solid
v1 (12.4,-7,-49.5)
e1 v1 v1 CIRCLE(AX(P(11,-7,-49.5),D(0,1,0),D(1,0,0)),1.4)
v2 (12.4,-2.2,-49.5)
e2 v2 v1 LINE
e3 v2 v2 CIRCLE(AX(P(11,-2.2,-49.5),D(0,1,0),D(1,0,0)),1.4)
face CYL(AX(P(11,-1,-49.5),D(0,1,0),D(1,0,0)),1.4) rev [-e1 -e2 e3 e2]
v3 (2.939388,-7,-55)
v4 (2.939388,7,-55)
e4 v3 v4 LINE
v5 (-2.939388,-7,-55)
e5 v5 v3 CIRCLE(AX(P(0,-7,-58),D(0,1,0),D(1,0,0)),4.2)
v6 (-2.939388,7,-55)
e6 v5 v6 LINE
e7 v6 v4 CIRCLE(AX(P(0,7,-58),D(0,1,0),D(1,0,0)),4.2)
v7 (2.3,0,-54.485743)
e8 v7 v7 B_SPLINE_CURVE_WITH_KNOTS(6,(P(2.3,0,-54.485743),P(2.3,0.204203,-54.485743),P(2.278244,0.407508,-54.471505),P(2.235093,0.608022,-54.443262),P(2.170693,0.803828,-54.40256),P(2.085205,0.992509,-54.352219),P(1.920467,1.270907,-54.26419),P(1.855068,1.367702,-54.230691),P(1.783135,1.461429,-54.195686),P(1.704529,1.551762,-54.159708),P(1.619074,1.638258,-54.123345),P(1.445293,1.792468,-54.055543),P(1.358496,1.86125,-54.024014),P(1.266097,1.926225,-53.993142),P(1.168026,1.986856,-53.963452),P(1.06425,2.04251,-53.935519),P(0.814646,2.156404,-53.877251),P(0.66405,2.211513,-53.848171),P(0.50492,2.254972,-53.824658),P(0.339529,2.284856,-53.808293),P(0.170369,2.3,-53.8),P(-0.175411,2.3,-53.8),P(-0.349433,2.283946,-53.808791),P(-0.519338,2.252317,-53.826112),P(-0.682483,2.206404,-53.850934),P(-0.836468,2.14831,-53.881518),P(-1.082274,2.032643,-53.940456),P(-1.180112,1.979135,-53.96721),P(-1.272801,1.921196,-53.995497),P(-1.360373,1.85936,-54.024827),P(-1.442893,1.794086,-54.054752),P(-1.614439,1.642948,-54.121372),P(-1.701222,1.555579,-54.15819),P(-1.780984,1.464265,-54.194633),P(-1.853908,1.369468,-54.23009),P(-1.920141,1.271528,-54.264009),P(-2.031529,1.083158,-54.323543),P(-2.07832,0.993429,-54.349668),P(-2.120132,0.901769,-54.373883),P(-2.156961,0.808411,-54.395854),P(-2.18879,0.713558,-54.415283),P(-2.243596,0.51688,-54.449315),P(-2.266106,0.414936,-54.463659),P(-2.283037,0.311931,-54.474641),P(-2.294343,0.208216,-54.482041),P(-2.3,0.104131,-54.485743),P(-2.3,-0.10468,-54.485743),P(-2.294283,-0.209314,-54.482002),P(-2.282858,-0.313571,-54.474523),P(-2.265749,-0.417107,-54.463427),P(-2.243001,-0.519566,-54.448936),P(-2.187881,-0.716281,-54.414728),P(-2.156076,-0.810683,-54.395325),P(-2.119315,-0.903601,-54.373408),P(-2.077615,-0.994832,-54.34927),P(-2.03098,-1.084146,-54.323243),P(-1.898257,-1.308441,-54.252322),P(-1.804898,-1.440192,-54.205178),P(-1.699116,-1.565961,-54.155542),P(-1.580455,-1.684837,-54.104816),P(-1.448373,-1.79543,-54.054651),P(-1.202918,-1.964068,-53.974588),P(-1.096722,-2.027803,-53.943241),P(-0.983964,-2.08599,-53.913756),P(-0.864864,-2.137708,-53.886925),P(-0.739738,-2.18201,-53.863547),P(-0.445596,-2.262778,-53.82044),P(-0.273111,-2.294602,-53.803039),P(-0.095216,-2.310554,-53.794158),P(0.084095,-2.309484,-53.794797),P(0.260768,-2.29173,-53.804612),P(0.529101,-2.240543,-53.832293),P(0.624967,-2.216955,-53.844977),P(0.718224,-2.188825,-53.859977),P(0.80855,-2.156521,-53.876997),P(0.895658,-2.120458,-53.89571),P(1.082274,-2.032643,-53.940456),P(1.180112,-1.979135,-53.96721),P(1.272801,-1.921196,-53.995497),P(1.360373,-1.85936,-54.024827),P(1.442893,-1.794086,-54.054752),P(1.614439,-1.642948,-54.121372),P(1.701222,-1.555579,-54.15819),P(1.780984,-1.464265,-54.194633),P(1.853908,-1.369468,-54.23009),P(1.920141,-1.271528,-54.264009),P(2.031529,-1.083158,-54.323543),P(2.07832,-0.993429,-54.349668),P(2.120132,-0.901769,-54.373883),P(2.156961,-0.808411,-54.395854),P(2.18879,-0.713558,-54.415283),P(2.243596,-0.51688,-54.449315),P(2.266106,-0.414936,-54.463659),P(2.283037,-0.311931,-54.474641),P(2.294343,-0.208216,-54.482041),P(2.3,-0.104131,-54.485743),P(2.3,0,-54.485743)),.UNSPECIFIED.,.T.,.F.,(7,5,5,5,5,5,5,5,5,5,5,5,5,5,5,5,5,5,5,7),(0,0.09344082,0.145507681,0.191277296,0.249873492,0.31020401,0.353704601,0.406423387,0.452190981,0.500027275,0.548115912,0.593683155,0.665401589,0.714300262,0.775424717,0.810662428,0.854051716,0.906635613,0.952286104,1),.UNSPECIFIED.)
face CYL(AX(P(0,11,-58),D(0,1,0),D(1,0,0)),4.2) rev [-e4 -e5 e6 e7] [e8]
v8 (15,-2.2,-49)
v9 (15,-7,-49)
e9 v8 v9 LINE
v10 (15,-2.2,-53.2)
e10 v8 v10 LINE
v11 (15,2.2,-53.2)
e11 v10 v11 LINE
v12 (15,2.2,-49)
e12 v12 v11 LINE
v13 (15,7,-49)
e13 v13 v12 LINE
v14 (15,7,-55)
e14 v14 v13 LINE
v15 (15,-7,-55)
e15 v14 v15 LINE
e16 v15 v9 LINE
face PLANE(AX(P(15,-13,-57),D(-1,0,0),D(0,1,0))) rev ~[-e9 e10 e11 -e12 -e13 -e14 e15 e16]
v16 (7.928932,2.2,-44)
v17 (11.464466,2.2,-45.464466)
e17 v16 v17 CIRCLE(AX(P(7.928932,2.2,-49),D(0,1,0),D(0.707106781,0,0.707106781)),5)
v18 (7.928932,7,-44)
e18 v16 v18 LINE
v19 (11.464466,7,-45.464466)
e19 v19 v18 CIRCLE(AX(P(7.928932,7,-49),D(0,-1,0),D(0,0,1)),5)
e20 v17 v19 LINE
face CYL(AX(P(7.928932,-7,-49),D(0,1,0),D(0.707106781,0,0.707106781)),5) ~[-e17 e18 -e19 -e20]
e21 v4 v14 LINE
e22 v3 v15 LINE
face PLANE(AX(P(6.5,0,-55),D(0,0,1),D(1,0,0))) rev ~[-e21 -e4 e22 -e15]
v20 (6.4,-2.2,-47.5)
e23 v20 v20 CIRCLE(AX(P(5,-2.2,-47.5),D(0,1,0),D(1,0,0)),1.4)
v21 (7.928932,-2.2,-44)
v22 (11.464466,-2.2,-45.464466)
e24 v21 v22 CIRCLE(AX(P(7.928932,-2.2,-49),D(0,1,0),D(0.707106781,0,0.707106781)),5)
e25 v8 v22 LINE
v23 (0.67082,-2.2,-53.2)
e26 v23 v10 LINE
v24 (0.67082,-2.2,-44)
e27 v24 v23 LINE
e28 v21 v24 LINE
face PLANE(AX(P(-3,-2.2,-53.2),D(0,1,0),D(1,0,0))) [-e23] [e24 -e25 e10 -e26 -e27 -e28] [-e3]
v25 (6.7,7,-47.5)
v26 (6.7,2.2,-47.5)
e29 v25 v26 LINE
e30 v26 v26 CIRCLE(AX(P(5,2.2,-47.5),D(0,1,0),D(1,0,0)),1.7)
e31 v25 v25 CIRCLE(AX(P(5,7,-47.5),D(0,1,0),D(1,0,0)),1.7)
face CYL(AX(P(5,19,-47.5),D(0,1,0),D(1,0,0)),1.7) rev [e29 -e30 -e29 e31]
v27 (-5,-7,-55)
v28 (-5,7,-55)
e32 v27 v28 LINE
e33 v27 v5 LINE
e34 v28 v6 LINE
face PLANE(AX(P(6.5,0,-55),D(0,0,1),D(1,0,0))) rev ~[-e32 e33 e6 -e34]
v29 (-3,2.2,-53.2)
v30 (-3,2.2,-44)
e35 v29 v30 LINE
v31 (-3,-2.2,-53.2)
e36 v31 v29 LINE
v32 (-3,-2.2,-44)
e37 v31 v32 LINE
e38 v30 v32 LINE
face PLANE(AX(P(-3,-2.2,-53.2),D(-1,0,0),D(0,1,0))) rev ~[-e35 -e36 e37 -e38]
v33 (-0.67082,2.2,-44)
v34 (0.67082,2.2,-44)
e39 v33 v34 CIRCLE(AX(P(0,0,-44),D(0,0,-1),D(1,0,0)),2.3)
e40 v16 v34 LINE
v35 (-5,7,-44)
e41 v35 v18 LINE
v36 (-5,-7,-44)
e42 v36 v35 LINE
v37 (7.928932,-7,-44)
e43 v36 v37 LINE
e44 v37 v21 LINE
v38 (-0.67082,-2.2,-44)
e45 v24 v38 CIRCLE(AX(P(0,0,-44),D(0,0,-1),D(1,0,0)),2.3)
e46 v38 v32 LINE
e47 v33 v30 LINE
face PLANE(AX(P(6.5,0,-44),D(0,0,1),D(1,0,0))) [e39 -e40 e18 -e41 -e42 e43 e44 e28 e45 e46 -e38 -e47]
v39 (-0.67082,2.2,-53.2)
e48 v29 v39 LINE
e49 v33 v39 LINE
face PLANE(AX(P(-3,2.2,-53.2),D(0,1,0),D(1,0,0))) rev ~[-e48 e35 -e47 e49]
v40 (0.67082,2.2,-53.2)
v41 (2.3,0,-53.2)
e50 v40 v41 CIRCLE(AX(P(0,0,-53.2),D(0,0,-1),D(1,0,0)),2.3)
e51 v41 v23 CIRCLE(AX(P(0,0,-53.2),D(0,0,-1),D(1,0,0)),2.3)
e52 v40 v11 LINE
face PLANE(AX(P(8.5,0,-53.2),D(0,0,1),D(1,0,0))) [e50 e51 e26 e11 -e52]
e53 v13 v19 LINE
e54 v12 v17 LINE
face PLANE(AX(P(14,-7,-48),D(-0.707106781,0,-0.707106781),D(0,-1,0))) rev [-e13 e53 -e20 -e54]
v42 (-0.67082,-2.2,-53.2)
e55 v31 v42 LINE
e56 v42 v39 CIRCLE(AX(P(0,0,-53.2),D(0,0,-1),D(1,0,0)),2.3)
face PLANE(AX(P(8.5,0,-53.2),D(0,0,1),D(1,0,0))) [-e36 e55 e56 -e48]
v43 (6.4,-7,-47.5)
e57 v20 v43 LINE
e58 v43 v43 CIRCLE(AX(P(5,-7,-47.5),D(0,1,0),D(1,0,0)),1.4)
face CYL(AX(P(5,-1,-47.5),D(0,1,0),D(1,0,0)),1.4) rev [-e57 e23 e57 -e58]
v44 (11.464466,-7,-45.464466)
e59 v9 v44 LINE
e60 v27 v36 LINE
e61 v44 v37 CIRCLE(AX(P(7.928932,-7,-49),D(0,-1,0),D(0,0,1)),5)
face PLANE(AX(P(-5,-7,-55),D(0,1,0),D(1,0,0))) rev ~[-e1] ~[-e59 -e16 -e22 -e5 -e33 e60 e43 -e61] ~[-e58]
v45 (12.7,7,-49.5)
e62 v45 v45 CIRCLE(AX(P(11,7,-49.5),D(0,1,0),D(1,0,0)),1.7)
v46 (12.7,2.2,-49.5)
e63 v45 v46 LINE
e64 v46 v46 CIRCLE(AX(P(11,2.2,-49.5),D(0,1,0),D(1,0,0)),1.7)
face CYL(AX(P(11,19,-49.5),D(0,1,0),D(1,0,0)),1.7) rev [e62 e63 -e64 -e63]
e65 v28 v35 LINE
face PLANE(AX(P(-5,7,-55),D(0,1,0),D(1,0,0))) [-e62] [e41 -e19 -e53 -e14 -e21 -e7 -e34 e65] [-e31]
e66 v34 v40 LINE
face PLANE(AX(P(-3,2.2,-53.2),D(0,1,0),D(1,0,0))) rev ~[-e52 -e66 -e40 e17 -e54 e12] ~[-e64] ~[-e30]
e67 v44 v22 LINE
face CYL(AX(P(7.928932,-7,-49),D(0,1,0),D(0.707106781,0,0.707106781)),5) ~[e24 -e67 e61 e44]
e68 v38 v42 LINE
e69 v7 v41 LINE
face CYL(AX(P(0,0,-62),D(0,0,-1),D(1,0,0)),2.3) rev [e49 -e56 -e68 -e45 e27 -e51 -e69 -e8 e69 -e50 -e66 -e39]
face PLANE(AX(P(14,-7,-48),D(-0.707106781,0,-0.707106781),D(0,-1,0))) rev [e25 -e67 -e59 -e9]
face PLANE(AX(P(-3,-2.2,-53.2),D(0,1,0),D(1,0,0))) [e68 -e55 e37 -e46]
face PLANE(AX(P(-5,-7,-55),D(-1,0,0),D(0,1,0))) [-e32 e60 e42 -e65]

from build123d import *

# Parameters (mm, degrees)
CYLINDER060_R          = 2.3
CYLINDER060_DEPTH      = 62
CYLINDER062_R          = 4.2
CYLINDER062_DEPTH      = 24
CYLINDER062_ROLL_ANGLE = 90
BOX001024_W            = 23
BOX001024_H            = 4.4
BOX001024_DEPTH        = 13
CYLINDER056_R          = 1.7
CYLINDER056_DEPTH      = 20
CYLINDER056_ROLL_ANGLE = 90
CYLINDER057_R          = 1.7
CYLINDER057_DEPTH      = 20
CYLINDER057_ROLL_ANGLE = 90
CYLINDER059_R          = 1.4
CYLINDER059_DEPTH      = 20
CYLINDER059_ROLL_ANGLE = 90
CYLINDER058_R          = 1.4
CYLINDER058_DEPTH      = 20
CYLINDER058_ROLL_ANGLE = 90
BOX001025_W            = 10
BOX001025_H            = 27
BOX001025_DEPTH        = 10
BOX001022_W            = 23
BOX001022_H            = 14
BOX001022_DEPTH        = 11
CHAMFER003_SIZE        = 8
FILLET007_R            = 5


with BuildPart() as cylinder060:
    # Cylinder060 → Cylinder060 (new body)
    with BuildSketch(Plane.XY.offset(-56)):
        Circle(CYLINDER060_R)
    extrude(amount=CYLINDER060_DEPTH)


with BuildPart() as cylinder062:
    # Cylinder062 → Cylinder062 (new body)
    with BuildSketch(Plane.XY):
        Circle(CYLINDER062_R)
    extrude(amount=CYLINDER062_DEPTH)


with BuildPart() as cylinder062_1:
    # Cylinder062 roll: moved
    add(cylinder062.part.rotate(Axis((0, 0, 0), (1, 0, 0)), CYLINDER062_ROLL_ANGLE))


with BuildPart() as cylinder062_2:
    # Cylinder062 placement: moved
    add(cylinder062_1.part.moved(Location((0, 11, -52))))


with BuildPart() as cube022:
    # Box001024 → Box001024 (new body)
    with BuildSketch(Plane(origin=(-3, -2.2, -47.2), x_dir=(1, 0, 0), z_dir=(0, 0, 1))):
        with Locations((11.5, 2.2)):
            Rectangle(BOX001024_W, BOX001024_H)
    extrude(amount=BOX001024_DEPTH)


with BuildPart() as cylinder056:
    # Cylinder056 → Cylinder056 (new body)
    with BuildSketch(Plane.XY):
        Circle(CYLINDER056_R)
    extrude(amount=CYLINDER056_DEPTH)


with BuildPart() as cylinder056_1:
    # Cylinder056 roll: moved
    add(cylinder056.part.rotate(Axis((0, 0, 0), (1, 0, 0)), CYLINDER056_ROLL_ANGLE))


with BuildPart() as cylinder056_2:
    # Cylinder056 placement: moved
    add(cylinder056_1.part.moved(Location((11, 19, -43.5))))


with BuildPart() as cylinder057:
    # Cylinder057 → Cylinder057 (new body)
    with BuildSketch(Plane.XY):
        Circle(CYLINDER057_R)
    extrude(amount=CYLINDER057_DEPTH)


with BuildPart() as cylinder057_1:
    # Cylinder057 roll: moved
    add(cylinder057.part.rotate(Axis((0, 0, 0), (1, 0, 0)), CYLINDER057_ROLL_ANGLE))


with BuildPart() as cylinder057_2:
    # Cylinder057 placement: moved
    add(cylinder057_1.part.moved(Location((5, 19, -41.5))))


with BuildPart() as cylinder059:
    # Cylinder059 → Cylinder059 (new body)
    with BuildSketch(Plane.XY):
        Circle(CYLINDER059_R)
    extrude(amount=CYLINDER059_DEPTH)


with BuildPart() as cylinder059_1:
    # Cylinder059 roll: moved
    add(cylinder059.part.rotate(Axis((0, 0, 0), (1, 0, 0)), CYLINDER059_ROLL_ANGLE))


with BuildPart() as cylinder059_2:
    # Cylinder059 placement: moved
    add(cylinder059_1.part.moved(Location((5, -1, -41.5))))


with BuildPart() as fusion074:
    # Cylinder058 → Cylinder058 (new body)
    with BuildSketch(Plane.XY):
        Circle(CYLINDER058_R)
    extrude(amount=CYLINDER058_DEPTH)


with BuildPart() as fusion074_1:
    # Cylinder058 roll: moved
    add(fusion074.part.rotate(Axis((0, 0, 0), (1, 0, 0)), CYLINDER058_ROLL_ANGLE))


with BuildPart() as fusion074_2:
    # Cylinder058 placement: moved
    add(fusion074_1.part.moved(Location((11, -1, -43.5))))

    # Fusion074: union Cylinder056, Cylinder057, Cylinder059
    add(cylinder056_2.part)
    add(cylinder057_2.part)
    add(cylinder059_2.part)


with BuildPart() as cube023:
    # Box001025 → Box001025 (new body)
    with BuildSketch(Plane(origin=(15, -13, -44), x_dir=(1, 0, 0), z_dir=(0, 0, 1))):
        with Locations((5, 13.5)):
            Rectangle(BOX001025_W, BOX001025_H)
    extrude(amount=BOX001025_DEPTH)


with BuildPart() as cut_lever_block:
    # Box001022 → Box001022 (new body)
    with BuildSketch(Plane(origin=(-5, -7, -42), x_dir=(1, 0, 0), z_dir=(0, 0, 1))):
        with Locations((11.5, 7)):
            Rectangle(BOX001022_W, BOX001022_H)
    extrude(amount=BOX001022_DEPTH)

    # Chamfer003
    chamfer003_edges = [cut_lever_block.edges().sort_by_distance(p)[0] for p in [
        (18, 0, -31),
    ]]
    chamfer(chamfer003_edges, length=CHAMFER003_SIZE)

    # Fillet007
    fillet007_edges = [cut_lever_block.edges().sort_by_distance(p)[0] for p in [
        (10, 0, -31),
    ]]
    fillet(fillet007_edges, radius=FILLET007_R)

    # Cut022: cut Cube023
    add(cube023.part, mode=Mode.SUBTRACT)


with BuildPart() as cut_lever_block_1:
    # Cut022 placement: moved
    add(cut_lever_block.part.moved(Location((0, 0, -7))))

    # Cut027: cut Fusion074
    add(fusion074_2.part, mode=Mode.SUBTRACT)

    # Cut028: cut Cube022
    add(cube022.part, mode=Mode.SUBTRACT)

    # Cut029: cut Cylinder062
    add(cylinder062_2.part, mode=Mode.SUBTRACT)

    # Cut030: cut Cylinder060
    add(cylinder060.part, mode=Mode.SUBTRACT)


with BuildPart() as cut_lever_block_2:
    # Cut030 placement: moved
    add(cut_lever_block_1.part.moved(Location((0, 0, -6))))


solid = cut_lever_block_2.part
